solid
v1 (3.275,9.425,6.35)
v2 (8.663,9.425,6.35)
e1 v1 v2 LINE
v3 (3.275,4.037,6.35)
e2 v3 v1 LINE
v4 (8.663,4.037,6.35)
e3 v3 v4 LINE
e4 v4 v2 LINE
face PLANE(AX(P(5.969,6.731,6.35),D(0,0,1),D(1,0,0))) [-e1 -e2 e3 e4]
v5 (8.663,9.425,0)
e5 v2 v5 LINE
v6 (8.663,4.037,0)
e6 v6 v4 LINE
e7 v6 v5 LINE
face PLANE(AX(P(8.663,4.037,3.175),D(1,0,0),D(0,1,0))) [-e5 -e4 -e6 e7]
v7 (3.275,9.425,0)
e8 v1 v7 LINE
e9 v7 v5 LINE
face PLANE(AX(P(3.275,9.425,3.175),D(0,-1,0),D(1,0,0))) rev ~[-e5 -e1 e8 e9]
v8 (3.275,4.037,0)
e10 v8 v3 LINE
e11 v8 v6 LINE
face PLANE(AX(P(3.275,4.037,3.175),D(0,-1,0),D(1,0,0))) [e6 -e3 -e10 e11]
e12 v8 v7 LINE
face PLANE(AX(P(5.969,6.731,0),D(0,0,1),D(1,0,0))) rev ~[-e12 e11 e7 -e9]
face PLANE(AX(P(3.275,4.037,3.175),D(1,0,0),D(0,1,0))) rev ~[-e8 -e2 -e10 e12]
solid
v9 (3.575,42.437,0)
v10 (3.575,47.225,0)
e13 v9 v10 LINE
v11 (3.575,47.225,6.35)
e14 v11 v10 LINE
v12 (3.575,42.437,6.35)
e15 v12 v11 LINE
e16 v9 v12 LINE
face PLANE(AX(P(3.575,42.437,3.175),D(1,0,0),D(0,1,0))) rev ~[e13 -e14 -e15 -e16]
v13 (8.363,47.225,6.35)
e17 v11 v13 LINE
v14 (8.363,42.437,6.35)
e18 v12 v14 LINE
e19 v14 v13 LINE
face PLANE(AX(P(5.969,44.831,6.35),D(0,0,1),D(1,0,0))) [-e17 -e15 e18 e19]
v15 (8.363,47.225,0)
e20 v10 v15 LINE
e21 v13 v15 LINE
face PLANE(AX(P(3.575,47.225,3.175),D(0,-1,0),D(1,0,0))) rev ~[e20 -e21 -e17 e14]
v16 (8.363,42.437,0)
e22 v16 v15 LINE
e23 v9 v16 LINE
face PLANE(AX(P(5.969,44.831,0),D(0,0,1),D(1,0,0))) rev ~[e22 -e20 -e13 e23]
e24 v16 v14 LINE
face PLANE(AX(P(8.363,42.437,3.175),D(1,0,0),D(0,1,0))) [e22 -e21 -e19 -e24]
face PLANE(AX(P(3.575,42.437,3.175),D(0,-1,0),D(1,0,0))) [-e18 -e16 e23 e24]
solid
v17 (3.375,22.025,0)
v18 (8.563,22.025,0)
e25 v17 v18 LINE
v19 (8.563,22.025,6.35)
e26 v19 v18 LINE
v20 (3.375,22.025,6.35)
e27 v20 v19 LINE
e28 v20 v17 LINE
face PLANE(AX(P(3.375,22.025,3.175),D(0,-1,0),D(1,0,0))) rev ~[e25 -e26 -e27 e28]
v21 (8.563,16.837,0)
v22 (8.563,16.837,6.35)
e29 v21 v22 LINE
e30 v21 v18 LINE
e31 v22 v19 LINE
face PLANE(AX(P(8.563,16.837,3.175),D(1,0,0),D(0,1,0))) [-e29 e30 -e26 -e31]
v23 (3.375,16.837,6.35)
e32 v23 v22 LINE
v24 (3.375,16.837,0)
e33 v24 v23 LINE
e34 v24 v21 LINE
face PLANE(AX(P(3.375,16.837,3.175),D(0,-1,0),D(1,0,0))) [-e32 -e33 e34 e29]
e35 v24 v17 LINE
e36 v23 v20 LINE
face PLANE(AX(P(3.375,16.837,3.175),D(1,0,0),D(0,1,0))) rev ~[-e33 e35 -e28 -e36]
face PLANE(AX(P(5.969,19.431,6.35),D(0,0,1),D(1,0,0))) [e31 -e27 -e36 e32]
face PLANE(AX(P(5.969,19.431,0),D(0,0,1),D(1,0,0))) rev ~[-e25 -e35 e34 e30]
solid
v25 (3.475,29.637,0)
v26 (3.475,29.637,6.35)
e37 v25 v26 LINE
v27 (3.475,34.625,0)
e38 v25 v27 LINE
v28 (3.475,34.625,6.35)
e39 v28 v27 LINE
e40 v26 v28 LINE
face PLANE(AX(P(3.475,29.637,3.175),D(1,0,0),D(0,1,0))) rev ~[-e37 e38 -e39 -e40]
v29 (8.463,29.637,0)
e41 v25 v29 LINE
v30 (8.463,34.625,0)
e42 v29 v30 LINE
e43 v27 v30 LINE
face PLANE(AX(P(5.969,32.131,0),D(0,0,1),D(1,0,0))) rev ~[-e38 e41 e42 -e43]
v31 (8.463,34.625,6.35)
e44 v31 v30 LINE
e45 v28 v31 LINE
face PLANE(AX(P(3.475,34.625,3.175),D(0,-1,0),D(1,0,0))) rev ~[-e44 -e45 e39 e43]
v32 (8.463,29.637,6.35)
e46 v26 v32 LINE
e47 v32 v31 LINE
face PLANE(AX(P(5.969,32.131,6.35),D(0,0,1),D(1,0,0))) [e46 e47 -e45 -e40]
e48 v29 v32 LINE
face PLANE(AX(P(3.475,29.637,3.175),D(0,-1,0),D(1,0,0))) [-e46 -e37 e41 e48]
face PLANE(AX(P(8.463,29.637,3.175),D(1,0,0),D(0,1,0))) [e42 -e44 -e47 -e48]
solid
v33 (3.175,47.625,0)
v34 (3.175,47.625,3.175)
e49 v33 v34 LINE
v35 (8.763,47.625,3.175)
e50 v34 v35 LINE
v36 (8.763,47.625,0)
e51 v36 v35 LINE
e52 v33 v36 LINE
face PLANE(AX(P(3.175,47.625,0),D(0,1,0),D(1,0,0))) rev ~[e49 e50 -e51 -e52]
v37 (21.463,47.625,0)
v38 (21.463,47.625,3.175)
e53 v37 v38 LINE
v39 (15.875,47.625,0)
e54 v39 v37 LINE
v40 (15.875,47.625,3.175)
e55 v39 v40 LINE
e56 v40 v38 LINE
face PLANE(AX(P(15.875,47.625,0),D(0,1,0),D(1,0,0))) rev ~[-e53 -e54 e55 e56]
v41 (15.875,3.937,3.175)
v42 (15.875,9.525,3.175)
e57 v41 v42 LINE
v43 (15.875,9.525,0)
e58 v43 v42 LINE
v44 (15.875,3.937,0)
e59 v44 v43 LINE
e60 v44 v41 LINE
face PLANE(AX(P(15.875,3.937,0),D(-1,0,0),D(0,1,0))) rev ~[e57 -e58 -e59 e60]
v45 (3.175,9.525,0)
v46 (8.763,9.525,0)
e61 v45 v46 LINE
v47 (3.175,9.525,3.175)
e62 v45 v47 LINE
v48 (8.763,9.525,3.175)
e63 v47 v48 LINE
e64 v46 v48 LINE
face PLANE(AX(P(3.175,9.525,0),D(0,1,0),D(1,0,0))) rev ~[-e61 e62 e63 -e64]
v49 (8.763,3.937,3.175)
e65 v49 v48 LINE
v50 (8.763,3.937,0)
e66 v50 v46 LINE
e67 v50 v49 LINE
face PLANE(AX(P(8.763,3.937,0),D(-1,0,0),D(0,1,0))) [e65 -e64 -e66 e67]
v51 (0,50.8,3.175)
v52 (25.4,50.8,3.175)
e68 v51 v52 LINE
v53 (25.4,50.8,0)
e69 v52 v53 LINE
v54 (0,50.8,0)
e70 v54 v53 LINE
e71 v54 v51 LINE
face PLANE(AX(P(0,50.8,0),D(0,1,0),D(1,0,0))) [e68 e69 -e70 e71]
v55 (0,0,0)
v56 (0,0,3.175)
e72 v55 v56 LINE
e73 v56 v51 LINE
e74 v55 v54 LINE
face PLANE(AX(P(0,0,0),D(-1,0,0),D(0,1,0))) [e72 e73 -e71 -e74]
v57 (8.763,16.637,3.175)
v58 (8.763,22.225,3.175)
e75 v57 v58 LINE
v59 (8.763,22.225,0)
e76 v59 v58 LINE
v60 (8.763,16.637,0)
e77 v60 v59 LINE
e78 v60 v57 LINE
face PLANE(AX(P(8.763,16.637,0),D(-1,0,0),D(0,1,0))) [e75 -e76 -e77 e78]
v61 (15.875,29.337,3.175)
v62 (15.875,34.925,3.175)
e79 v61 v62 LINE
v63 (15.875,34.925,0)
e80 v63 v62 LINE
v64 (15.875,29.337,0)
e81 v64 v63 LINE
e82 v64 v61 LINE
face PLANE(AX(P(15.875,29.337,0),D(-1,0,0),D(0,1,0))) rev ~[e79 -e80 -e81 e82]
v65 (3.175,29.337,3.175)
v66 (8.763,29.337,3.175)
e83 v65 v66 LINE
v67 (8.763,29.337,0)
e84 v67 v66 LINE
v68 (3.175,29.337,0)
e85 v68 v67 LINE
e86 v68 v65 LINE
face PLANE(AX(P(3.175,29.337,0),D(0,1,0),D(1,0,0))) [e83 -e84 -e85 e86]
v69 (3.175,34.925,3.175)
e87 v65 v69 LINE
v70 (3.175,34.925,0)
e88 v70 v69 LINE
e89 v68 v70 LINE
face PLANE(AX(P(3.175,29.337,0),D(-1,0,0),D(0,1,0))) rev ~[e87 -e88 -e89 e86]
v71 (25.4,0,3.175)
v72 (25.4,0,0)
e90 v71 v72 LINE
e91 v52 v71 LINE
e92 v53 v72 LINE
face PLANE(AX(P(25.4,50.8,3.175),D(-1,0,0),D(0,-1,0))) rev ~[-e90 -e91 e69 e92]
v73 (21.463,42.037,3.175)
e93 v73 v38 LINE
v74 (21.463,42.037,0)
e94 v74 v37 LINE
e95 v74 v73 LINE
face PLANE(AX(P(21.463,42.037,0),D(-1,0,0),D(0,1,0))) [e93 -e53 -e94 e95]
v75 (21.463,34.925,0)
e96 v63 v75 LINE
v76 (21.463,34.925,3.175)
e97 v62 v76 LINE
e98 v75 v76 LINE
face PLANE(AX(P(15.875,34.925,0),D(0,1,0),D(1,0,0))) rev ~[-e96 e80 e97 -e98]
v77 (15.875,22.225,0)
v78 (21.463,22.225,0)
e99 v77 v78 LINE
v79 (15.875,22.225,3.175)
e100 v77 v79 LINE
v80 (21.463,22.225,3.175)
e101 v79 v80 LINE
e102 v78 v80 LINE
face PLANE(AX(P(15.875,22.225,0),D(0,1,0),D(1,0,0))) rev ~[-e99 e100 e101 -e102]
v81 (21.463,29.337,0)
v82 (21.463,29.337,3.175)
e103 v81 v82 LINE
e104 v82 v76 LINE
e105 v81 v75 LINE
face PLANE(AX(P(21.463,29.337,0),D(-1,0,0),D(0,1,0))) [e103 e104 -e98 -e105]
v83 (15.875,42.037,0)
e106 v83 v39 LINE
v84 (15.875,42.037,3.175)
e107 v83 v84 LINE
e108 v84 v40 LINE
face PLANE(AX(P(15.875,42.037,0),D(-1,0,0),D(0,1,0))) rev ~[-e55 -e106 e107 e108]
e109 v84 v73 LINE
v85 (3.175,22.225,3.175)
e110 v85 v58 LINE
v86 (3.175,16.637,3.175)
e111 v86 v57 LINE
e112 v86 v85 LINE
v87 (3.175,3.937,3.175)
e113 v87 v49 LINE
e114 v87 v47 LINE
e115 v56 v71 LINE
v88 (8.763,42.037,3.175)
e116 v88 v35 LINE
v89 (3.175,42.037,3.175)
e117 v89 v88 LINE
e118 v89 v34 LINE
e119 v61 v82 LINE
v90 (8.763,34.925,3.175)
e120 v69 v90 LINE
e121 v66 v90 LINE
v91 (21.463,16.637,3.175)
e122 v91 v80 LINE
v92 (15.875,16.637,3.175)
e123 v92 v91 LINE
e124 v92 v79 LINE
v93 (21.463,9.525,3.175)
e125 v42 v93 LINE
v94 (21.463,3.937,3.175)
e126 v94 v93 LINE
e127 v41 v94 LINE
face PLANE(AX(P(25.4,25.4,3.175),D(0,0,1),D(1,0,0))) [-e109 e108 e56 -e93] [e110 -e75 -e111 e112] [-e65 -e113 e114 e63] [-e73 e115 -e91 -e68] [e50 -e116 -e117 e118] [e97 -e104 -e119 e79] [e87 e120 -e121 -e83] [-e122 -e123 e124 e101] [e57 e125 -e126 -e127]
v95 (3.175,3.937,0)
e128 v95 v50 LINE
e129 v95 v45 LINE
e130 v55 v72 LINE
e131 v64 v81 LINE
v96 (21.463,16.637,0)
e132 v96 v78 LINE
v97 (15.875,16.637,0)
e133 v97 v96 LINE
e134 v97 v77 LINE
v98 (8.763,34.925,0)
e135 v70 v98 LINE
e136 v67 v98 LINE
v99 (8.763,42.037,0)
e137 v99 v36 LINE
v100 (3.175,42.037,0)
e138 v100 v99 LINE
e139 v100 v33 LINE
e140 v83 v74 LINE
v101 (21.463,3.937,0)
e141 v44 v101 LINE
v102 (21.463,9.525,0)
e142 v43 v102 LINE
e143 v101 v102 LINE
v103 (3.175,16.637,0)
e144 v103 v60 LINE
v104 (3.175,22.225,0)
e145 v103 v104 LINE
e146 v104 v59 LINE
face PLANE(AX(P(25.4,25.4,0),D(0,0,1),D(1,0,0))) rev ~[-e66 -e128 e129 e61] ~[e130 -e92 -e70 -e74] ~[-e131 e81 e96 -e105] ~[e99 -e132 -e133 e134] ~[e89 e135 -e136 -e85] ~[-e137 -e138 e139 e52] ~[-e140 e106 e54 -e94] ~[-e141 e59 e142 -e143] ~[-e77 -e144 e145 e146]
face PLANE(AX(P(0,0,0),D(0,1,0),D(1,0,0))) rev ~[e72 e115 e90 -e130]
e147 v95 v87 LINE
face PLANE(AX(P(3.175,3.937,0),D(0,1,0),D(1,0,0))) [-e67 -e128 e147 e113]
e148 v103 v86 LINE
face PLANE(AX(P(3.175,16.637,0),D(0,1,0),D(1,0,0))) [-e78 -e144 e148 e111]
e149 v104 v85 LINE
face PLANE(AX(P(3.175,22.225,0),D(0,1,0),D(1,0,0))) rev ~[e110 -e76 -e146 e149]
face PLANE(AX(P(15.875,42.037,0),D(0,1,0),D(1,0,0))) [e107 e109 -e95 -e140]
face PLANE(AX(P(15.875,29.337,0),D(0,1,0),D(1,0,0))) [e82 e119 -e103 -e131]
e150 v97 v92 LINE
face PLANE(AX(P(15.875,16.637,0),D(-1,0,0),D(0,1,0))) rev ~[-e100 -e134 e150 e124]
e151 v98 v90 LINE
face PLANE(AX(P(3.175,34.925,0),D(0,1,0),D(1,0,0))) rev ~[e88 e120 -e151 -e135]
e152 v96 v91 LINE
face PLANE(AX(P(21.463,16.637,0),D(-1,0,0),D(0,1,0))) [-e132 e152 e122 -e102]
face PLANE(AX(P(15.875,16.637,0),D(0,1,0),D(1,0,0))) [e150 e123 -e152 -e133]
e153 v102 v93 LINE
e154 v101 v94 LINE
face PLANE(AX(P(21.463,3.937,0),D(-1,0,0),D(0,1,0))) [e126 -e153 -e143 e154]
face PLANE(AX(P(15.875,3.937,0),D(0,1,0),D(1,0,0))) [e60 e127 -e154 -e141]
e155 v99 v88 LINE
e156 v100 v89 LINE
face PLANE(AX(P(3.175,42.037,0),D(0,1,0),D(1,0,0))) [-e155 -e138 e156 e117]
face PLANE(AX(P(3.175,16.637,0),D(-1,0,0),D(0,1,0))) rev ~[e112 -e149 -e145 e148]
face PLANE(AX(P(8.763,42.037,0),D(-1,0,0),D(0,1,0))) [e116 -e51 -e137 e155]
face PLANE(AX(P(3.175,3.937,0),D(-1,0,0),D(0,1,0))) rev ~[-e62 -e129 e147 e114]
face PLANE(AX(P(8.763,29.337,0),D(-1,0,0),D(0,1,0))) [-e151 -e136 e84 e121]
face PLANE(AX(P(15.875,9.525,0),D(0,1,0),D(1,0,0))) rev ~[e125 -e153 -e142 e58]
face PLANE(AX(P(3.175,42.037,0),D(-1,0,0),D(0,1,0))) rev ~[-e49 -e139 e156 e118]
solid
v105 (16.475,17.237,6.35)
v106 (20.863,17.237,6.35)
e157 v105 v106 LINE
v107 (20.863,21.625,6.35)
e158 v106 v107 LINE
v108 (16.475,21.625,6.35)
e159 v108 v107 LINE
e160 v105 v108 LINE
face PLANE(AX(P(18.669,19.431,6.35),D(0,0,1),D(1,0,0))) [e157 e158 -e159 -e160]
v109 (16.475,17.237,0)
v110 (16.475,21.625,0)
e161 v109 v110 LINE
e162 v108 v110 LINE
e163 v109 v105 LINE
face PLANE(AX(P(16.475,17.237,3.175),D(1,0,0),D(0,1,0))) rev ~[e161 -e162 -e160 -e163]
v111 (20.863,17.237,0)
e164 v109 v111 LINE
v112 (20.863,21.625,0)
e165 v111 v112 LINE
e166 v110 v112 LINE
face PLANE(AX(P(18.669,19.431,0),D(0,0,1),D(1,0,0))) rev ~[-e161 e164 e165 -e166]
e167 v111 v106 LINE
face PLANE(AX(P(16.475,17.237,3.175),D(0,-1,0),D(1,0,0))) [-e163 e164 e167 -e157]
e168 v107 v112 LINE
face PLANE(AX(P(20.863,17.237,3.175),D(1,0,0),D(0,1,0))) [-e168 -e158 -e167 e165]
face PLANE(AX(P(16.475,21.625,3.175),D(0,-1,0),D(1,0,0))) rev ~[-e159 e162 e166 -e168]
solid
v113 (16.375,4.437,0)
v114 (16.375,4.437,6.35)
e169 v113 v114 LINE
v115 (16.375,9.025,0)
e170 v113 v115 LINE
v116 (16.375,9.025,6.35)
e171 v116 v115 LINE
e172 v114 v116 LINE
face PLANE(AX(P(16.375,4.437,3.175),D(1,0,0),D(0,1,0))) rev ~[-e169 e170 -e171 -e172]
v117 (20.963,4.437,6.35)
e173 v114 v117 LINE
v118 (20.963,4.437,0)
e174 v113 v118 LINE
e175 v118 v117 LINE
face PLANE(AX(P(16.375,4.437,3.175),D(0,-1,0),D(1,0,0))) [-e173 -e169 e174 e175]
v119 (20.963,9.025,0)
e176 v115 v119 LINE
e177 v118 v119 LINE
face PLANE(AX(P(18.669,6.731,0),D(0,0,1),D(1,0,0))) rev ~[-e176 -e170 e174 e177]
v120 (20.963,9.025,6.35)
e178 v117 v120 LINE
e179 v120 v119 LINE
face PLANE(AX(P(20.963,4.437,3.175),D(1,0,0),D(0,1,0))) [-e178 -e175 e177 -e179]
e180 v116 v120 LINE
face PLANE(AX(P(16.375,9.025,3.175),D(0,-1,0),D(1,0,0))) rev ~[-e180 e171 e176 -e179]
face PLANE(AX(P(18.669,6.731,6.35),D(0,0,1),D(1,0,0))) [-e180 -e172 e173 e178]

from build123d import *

# Parameters (mm, degrees)
F0_W          = 50.8
F0_H          = 50.8
F0_W_2        = 5.588
F0_H_2        = 5.588
F1_DEPTH      = 3.175
F2_W          = 5.188
F2_H          = 5.188
F2_W_2        = 5.388
F2_H_2        = 5.388
F2_W_3        = 4.988
F2_H_3        = 4.988
F2_W_4        = 4.788
F2_H_4        = 4.788
F2_W_5        = 4.388
F2_H_5        = 4.388
F2_W_6        = 4.588
F2_H_6        = 4.588
F3_DEPTH      = 3.175
F3_DEPTH_BACK = 3.175
F5_DEPTH      = 25.4


with BuildPart() as f1:
    # F0 (on Top) → F1 (new body)
    with BuildSketch(Plane.XY):
        with Locations((25.4, 25.4)):
            Rectangle(F0_W, F0_H)
        with Locations((5.969, 6.731)):
            Rectangle(F0_W_2, F0_H_2, mode=Mode.SUBTRACT)
        with Locations((18.669, 6.731)):
            Rectangle(F0_W_2, F0_H_2, mode=Mode.SUBTRACT)
        with Locations((5.969, 19.431)):
            Rectangle(F0_W_2, F0_H_2, mode=Mode.SUBTRACT)
        with Locations((18.669, 19.431)):
            Rectangle(F0_W_2, F0_H_2, mode=Mode.SUBTRACT)
        with Locations((31.369, 6.731)):
            Rectangle(F0_W_2, F0_H_2, mode=Mode.SUBTRACT)
        with Locations((44.069, 6.731)):
            Rectangle(F0_W_2, F0_H_2, mode=Mode.SUBTRACT)
        with Locations((31.369, 19.431)):
            Rectangle(F0_W_2, F0_H_2, mode=Mode.SUBTRACT)
        with Locations((44.069, 19.431)):
            Rectangle(F0_W_2, F0_H_2, mode=Mode.SUBTRACT)
        with Locations((5.969, 32.131)):
            Rectangle(F0_W_2, F0_H_2, mode=Mode.SUBTRACT)
        with Locations((18.669, 32.131)):
            Rectangle(F0_W_2, F0_H_2, mode=Mode.SUBTRACT)
        with Locations((5.969, 44.831)):
            Rectangle(F0_W_2, F0_H_2, mode=Mode.SUBTRACT)
        with Locations((18.669, 44.831)):
            Rectangle(F0_W_2, F0_H_2, mode=Mode.SUBTRACT)
        with Locations((31.369, 32.131)):
            Rectangle(F0_W_2, F0_H_2, mode=Mode.SUBTRACT)
        with Locations((44.069, 32.131)):
            Rectangle(F0_W_2, F0_H_2, mode=Mode.SUBTRACT)
        with Locations((31.369, 44.831)):
            Rectangle(F0_W_2, F0_H_2, mode=Mode.SUBTRACT)
        with Locations((44.069, 44.831)):
            Rectangle(F0_W_2, F0_H_2, mode=Mode.SUBTRACT)
    extrude(amount=F1_DEPTH)

    # F4 (on face) → F5 (cut)
    with BuildSketch(Plane.XY.offset(3.175)):
        Polygon((25.4, 25.4), (25.4, 0), (50.8, 0), (50.8, 50.8), (25.4, 50.8), align=None)
    extrude(amount=-F5_DEPTH, mode=Mode.SUBTRACT)


with BuildPart() as f3:
    # F2 (on face) → F3 (new body, two sides)
    with BuildSketch(Plane.XY.offset(3.175)) as f3_sk:
        with Locations((5.969, 19.431)):
            Rectangle(F2_W, F2_H)
        with Locations((5.969, 6.731)):
            Rectangle(F2_W_2, F2_H_2)
        with Locations((5.969, 32.131)):
            Rectangle(F2_W_3, F2_H_3)
        with Locations((5.969, 44.831)):
            Rectangle(F2_W_4, F2_H_4)
        with Locations((18.669, 19.431)):
            Rectangle(F2_W_5, F2_H_5)
        with Locations((18.669, 6.731)):
            Rectangle(F2_W_6, F2_H_6)
    extrude(amount=F3_DEPTH)
    extrude(f3_sk.sketch, amount=-F3_DEPTH_BACK)


solid = Compound([f1.part, f3.part])
